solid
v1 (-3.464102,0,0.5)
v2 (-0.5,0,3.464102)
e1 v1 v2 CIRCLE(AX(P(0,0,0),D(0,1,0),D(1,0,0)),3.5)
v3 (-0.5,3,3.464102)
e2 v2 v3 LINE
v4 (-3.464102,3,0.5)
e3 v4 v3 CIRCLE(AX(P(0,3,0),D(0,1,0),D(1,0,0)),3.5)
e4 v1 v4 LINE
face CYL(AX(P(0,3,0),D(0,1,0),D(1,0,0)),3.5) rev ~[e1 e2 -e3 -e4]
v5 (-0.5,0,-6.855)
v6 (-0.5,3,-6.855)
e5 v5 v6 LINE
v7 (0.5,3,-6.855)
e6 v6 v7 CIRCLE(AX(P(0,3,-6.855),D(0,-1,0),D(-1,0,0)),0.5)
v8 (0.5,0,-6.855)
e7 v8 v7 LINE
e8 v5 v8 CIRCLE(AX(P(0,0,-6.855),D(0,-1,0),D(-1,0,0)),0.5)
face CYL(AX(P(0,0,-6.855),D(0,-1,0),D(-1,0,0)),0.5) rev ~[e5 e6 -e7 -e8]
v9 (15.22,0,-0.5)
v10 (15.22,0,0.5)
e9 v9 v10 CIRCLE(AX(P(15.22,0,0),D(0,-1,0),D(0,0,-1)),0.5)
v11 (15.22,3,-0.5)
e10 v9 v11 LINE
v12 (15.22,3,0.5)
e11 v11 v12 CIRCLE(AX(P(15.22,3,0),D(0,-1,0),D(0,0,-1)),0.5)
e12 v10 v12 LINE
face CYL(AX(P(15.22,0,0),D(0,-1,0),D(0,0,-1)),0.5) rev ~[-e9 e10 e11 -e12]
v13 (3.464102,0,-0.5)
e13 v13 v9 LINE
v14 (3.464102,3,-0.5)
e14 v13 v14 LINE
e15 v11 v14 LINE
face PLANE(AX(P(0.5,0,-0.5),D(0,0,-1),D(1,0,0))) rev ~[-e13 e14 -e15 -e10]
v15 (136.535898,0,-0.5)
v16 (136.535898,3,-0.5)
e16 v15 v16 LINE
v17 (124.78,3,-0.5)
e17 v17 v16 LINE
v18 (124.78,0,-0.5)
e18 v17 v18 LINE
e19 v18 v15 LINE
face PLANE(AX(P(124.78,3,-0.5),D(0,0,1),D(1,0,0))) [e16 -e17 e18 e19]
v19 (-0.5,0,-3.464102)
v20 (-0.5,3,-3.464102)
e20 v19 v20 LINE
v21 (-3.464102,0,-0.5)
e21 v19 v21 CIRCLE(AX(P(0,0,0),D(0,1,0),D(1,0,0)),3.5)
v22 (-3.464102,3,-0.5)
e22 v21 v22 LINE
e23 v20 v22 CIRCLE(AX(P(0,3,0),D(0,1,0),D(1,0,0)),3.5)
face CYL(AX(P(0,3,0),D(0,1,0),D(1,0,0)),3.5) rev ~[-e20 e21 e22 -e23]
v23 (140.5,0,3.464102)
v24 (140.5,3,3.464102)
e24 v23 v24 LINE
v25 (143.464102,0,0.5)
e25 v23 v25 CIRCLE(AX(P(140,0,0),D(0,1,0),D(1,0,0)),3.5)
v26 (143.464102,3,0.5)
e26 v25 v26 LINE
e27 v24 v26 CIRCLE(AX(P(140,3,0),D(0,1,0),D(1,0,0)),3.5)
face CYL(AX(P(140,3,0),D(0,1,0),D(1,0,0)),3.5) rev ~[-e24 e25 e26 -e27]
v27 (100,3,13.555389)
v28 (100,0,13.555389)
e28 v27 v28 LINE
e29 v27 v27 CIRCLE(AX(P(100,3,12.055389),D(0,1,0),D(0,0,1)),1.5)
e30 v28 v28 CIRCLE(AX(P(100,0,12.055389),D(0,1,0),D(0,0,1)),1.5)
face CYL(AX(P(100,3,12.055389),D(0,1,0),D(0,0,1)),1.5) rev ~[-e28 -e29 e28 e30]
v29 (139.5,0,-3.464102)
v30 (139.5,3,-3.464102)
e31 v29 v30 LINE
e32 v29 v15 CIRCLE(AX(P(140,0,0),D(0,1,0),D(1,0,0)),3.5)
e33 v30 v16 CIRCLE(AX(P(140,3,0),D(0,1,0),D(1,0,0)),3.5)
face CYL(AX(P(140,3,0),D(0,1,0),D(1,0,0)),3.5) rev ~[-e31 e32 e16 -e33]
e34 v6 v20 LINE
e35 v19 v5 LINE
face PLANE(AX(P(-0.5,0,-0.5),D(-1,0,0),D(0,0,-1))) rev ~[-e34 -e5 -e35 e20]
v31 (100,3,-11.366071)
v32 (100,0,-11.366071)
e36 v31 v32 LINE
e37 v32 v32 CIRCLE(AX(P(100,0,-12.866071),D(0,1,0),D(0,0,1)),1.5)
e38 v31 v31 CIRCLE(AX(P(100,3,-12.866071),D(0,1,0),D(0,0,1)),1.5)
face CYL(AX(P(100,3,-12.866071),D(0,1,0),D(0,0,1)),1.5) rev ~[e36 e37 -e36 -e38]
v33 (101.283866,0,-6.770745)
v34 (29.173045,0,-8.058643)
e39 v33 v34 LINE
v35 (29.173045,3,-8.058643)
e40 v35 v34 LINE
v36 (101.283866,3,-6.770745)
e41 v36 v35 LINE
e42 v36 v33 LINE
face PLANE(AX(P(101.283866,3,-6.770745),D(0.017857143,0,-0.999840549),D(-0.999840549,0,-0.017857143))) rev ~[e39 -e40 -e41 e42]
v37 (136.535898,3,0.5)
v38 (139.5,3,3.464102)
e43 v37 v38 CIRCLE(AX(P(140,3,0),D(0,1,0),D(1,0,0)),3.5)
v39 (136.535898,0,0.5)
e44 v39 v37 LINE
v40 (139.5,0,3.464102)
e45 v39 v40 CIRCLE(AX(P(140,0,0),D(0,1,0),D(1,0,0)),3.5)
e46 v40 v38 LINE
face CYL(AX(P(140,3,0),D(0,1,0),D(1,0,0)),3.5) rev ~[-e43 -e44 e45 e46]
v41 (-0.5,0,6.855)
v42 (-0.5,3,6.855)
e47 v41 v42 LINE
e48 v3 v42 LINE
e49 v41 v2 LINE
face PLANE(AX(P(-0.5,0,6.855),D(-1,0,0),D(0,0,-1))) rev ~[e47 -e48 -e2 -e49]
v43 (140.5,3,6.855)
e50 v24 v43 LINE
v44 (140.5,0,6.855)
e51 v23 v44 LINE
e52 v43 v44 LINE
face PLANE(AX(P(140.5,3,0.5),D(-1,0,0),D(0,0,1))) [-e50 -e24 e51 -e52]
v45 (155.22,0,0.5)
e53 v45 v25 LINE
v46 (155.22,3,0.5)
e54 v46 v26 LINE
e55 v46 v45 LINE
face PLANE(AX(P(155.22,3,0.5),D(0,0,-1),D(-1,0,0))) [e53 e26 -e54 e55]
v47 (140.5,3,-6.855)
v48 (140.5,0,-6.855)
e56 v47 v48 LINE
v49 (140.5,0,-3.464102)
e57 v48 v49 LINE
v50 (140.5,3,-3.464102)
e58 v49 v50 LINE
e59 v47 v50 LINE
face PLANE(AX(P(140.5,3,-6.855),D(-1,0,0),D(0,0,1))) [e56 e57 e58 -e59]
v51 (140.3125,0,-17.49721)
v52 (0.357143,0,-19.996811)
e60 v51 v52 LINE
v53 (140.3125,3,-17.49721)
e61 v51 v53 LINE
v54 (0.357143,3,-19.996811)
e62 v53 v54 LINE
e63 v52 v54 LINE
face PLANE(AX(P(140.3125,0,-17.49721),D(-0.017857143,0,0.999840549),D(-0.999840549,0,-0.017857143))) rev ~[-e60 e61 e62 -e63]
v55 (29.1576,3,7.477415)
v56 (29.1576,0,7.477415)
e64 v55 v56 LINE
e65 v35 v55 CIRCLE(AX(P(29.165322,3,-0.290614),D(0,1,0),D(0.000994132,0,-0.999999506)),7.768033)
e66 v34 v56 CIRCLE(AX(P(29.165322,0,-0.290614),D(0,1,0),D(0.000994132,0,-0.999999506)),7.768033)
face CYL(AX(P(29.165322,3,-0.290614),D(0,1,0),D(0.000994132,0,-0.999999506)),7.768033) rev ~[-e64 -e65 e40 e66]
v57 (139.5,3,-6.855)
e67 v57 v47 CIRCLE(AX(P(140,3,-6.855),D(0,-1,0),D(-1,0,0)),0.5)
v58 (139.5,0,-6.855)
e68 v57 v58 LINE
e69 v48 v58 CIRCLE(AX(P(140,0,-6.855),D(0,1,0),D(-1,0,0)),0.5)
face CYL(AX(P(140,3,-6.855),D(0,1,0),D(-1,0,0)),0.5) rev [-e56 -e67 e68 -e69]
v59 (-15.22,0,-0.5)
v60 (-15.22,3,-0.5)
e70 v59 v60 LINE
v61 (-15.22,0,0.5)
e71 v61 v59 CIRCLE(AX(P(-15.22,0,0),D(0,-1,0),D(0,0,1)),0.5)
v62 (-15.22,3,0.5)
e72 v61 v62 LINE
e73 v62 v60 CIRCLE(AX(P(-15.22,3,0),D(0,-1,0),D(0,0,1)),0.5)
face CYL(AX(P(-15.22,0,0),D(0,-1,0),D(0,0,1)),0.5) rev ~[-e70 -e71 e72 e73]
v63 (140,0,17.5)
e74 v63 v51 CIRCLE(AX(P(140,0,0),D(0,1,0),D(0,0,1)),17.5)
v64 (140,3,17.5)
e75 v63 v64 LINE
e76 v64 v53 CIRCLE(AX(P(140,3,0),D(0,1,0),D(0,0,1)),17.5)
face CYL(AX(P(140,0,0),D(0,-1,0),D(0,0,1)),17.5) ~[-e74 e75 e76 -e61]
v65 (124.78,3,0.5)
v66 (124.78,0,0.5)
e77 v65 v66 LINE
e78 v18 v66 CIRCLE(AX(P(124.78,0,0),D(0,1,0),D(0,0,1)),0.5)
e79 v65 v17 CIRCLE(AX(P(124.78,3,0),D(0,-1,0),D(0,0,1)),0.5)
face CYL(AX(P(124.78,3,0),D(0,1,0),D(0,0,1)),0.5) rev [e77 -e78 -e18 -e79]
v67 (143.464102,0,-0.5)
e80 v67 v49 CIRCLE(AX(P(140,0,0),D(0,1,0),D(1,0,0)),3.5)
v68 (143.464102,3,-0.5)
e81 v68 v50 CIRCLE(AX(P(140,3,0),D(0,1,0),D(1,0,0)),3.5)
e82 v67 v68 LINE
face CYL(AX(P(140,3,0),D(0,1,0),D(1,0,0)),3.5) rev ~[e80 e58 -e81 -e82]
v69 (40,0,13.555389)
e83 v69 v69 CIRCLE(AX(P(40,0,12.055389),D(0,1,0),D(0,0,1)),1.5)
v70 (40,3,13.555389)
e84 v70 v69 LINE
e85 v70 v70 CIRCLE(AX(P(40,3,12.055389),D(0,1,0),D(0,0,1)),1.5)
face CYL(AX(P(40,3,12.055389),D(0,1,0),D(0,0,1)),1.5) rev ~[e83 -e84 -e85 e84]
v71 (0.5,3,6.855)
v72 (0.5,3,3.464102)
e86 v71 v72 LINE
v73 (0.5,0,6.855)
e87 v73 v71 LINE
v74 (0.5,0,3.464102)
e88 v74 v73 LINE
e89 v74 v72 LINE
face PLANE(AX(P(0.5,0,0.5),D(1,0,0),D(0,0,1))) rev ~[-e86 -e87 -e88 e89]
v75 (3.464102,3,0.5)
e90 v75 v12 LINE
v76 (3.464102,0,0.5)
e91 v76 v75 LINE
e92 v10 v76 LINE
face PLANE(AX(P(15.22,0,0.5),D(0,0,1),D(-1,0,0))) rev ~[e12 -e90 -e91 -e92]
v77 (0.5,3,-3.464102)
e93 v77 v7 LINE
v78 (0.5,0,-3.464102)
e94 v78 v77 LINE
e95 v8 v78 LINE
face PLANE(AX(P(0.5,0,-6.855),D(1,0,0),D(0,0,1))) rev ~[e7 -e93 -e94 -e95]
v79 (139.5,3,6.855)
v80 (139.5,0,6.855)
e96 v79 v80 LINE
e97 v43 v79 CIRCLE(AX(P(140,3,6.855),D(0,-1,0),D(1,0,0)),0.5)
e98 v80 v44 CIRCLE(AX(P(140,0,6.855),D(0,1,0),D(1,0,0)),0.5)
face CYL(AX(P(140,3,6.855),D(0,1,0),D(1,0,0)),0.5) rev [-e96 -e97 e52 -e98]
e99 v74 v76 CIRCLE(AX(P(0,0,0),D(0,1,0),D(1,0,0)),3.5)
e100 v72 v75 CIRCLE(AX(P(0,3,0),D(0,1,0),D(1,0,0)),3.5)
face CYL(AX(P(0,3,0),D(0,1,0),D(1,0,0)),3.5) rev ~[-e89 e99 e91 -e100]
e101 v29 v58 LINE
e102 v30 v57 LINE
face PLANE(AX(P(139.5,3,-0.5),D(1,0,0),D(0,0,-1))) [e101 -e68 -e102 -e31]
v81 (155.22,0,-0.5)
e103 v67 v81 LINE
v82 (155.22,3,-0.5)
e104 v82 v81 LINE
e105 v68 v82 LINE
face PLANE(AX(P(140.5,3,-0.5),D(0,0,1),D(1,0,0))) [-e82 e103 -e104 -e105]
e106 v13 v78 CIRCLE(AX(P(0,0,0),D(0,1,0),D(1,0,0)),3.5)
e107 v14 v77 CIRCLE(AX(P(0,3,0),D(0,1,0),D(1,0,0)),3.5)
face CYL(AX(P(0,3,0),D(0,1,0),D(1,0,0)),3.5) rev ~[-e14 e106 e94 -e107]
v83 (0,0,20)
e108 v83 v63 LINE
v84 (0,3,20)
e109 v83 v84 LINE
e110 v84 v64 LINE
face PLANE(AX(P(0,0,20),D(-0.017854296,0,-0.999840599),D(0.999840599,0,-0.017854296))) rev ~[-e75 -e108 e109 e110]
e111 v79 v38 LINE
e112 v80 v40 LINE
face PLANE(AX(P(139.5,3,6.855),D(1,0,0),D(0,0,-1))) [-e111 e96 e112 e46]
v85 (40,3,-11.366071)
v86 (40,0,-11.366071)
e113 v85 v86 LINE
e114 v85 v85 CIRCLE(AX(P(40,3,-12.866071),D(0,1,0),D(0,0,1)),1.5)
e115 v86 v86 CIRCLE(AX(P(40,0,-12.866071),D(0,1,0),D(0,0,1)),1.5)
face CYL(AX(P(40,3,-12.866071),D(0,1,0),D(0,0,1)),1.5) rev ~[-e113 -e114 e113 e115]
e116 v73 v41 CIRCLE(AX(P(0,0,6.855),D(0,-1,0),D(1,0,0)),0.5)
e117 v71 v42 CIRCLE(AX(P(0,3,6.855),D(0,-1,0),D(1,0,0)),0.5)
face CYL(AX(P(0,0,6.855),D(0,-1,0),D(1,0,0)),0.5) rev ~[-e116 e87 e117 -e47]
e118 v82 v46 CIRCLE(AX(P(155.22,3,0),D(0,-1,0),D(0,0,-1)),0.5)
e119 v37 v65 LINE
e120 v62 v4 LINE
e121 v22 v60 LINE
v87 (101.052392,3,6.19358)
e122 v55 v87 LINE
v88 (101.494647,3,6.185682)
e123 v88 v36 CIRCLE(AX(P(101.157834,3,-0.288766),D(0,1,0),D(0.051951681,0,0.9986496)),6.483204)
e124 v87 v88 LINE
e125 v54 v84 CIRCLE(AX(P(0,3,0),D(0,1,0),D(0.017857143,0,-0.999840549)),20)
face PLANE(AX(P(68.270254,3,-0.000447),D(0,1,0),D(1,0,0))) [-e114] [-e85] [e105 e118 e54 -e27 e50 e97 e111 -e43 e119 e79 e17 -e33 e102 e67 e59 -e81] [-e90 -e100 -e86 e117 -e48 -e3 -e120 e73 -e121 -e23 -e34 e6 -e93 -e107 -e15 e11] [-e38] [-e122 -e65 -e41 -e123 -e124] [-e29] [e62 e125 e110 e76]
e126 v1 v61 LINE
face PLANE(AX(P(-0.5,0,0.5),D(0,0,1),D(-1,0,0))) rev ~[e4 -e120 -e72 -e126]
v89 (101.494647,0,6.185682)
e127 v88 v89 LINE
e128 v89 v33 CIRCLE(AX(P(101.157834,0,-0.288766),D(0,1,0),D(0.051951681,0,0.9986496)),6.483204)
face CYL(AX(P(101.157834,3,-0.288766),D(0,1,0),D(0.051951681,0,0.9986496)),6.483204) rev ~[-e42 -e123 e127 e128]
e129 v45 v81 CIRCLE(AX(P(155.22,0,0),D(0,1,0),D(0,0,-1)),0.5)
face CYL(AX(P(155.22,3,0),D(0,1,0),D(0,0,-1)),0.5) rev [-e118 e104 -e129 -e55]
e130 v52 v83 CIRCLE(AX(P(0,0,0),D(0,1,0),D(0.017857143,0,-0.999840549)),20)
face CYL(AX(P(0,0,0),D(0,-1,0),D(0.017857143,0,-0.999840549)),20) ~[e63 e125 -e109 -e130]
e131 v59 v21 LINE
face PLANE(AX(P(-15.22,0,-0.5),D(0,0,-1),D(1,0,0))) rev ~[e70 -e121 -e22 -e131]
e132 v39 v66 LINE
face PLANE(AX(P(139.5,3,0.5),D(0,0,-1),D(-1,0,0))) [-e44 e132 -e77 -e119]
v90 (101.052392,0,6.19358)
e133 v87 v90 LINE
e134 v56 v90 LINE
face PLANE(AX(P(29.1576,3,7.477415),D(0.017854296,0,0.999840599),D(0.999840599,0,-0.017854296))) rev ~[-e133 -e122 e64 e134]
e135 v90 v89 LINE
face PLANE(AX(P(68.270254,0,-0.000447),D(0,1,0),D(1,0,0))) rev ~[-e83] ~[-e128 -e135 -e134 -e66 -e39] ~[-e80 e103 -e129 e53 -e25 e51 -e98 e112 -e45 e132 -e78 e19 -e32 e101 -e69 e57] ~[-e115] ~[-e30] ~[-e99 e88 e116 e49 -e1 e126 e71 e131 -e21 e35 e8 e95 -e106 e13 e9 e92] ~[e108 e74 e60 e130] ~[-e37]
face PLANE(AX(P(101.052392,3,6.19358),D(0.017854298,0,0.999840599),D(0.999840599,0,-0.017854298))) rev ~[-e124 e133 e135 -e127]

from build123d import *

# Parameters (mm, degrees)
BOSS_EXTRUDE1_DEPTH = 3
SKETCH2_R           = 3.4
SKETCH2_R_2         = 3.375
CUT_EXTRUDE1_DEPTH  = 159.793104384
CUT_EXTRUDE3_DEPTH  = 159.793104384
CUT_EXTRUDE4_DEPTH  = 159.793104384
CUT_EXTRUDE5_DEPTH  = 159.793104384
SKETCH8_R           = 3.5
CUT_EXTRUDE6_DEPTH  = 159.793104384
SKETCH10_R          = 1.5
CUT_EXTRUDE7_DEPTH  = 10


with BuildPart() as part:
    # Sketch1 → Boss-Extrude1 (new body)
    with BuildSketch(Plane(origin=(0, 0, 0), x_dir=(1, 0, 0), z_dir=(0, 1, 0))):
        with BuildLine():
            Line((140.3125, 17.497209599), (0.357142857, 19.99681097))
            ThreePointArc((0.357142857, 19.99681097), (-19.999202727, 0.178578547), (0, -20))
            Line((0, -20), (140, -17.5))
            ThreePointArc((140, -17.5), (157.499302386, -0.156256229), (140.3125, 17.497209599))
        make_face()
    extrude(amount=BOSS_EXTRUDE1_DEPTH)

    # Sketch2 → Cut-Extrude1 (cut, through all)
    with BuildSketch(Plane(origin=(0, 3, 0), x_dir=(1, 0, 0), z_dir=(0, 1, 0))):
        with Locations(Location((0, 0, 0), (0, 0, 270))):
            Circle(SKETCH2_R)
        with Locations(Location((140, 0, 0), (0, 0, 270))):
            Circle(SKETCH2_R_2)
    extrude(amount=-CUT_EXTRUDE1_DEPTH, mode=Mode.SUBTRACT)

    # Sketch4 → Cut-Extrude3 (cut, through all)
    with BuildSketch(Plane(origin=(0, 3, 0), x_dir=(1, 0, 0), z_dir=(0, 1, 0))):
        with BuildLine():
            ThreePointArc((101.494647455, -6.185682468), (107.64017994, 0.394224207), (101.283865867, 6.770744637))
            Line((101.283865867, 6.770744637), (29.173044697, 8.058643229))
            ThreePointArc((29.173044697, 8.058643229), (21.397292905, 0.29833633), (29.157599804, -7.477415462))
            Line((29.157599804, -7.477415462), (101.052392136, -6.193579885))
            Line((101.052392136, -6.193579885), (101.494647455, -6.185682468))
        make_face()
    extrude(amount=-CUT_EXTRUDE3_DEPTH, mode=Mode.SUBTRACT)

    # Sketch6 → Cut-Extrude4 (cut, through all)
    with BuildSketch(Plane(origin=(0, 0, 0), x_dir=(1, 0, 0), z_dir=(0, 1, 0))):
        with BuildLine():
            Line((-15.22, 0.5), (15.22, 0.5))
            ThreePointArc((15.22, 0.5), (15.72, 0), (15.22, -0.5))
            Line((15.22, -0.5), (-15.22, -0.5))
            ThreePointArc((-15.22, -0.5), (-15.72, 0), (-15.22, 0.5))
        make_face()
        with BuildLine():
            Line((-0.5, -6.855), (-0.5, 6.855))
            ThreePointArc((-0.5, 6.855), (0, 7.355), (0.5, 6.855))
            Line((0.5, 6.855), (0.5, -6.855))
            ThreePointArc((0.5, -6.855), (0, -7.355), (-0.5, -6.855))
        make_face()
    extrude(amount=CUT_EXTRUDE4_DEPTH, mode=Mode.SUBTRACT)

    # Sketch7 → Cut-Extrude5 (cut, through all)
    with BuildSketch(Plane(origin=(0, 3, 0), x_dir=(1, 0, 0), z_dir=(0, 1, 0))):
        with BuildLine():
            Line((155.22, -0.5), (124.78, -0.5))
            ThreePointArc((124.78, -0.5), (124.28, 0), (124.78, 0.5))
            Line((124.78, 0.5), (155.22, 0.5))
            ThreePointArc((155.22, 0.5), (155.72, 0), (155.22, -0.5))
        make_face()
        with BuildLine():
            Line((139.5, -6.855), (139.5, 6.855))
            ThreePointArc((139.5, 6.855), (140, 7.355), (140.5, 6.855))
            Line((140.5, 6.855), (140.5, -6.855))
            ThreePointArc((140.5, -6.855), (140, -7.355), (139.5, -6.855))
        make_face()
    extrude(amount=-CUT_EXTRUDE5_DEPTH, mode=Mode.SUBTRACT)

    # Sketch8 → Cut-Extrude6 (cut, through all)
    with BuildSketch(Plane(origin=(0, 3, 0), x_dir=(1, 0, 0), z_dir=(0, 1, 0))):
        Circle(SKETCH8_R)
        with Locations((140, 0)):
            Circle(SKETCH8_R)
    extrude(amount=-CUT_EXTRUDE6_DEPTH, mode=Mode.SUBTRACT)

    # Sketch10 → Cut-Extrude7 (cut)
    with BuildSketch(Plane(origin=(0, 3, 0), x_dir=(1, 0, 0), z_dir=(0, 1, 0))):
        with Locations(Location((40, 12.866071293, 0), (0, 0, 270))):
            Circle(SKETCH10_R)
        with Locations(Location((40, -12.055388552, 0), (0, 0, 270))):
            Circle(SKETCH10_R)
        with Locations(Location((100, -12.055388552, 0), (0, 0, 270))):
            Circle(SKETCH10_R)
        with Locations(Location((100, 12.866071293, 0), (0, 0, 270))):
            Circle(SKETCH10_R)
    extrude(amount=-CUT_EXTRUDE7_DEPTH, mode=Mode.SUBTRACT)


solid = part.part
